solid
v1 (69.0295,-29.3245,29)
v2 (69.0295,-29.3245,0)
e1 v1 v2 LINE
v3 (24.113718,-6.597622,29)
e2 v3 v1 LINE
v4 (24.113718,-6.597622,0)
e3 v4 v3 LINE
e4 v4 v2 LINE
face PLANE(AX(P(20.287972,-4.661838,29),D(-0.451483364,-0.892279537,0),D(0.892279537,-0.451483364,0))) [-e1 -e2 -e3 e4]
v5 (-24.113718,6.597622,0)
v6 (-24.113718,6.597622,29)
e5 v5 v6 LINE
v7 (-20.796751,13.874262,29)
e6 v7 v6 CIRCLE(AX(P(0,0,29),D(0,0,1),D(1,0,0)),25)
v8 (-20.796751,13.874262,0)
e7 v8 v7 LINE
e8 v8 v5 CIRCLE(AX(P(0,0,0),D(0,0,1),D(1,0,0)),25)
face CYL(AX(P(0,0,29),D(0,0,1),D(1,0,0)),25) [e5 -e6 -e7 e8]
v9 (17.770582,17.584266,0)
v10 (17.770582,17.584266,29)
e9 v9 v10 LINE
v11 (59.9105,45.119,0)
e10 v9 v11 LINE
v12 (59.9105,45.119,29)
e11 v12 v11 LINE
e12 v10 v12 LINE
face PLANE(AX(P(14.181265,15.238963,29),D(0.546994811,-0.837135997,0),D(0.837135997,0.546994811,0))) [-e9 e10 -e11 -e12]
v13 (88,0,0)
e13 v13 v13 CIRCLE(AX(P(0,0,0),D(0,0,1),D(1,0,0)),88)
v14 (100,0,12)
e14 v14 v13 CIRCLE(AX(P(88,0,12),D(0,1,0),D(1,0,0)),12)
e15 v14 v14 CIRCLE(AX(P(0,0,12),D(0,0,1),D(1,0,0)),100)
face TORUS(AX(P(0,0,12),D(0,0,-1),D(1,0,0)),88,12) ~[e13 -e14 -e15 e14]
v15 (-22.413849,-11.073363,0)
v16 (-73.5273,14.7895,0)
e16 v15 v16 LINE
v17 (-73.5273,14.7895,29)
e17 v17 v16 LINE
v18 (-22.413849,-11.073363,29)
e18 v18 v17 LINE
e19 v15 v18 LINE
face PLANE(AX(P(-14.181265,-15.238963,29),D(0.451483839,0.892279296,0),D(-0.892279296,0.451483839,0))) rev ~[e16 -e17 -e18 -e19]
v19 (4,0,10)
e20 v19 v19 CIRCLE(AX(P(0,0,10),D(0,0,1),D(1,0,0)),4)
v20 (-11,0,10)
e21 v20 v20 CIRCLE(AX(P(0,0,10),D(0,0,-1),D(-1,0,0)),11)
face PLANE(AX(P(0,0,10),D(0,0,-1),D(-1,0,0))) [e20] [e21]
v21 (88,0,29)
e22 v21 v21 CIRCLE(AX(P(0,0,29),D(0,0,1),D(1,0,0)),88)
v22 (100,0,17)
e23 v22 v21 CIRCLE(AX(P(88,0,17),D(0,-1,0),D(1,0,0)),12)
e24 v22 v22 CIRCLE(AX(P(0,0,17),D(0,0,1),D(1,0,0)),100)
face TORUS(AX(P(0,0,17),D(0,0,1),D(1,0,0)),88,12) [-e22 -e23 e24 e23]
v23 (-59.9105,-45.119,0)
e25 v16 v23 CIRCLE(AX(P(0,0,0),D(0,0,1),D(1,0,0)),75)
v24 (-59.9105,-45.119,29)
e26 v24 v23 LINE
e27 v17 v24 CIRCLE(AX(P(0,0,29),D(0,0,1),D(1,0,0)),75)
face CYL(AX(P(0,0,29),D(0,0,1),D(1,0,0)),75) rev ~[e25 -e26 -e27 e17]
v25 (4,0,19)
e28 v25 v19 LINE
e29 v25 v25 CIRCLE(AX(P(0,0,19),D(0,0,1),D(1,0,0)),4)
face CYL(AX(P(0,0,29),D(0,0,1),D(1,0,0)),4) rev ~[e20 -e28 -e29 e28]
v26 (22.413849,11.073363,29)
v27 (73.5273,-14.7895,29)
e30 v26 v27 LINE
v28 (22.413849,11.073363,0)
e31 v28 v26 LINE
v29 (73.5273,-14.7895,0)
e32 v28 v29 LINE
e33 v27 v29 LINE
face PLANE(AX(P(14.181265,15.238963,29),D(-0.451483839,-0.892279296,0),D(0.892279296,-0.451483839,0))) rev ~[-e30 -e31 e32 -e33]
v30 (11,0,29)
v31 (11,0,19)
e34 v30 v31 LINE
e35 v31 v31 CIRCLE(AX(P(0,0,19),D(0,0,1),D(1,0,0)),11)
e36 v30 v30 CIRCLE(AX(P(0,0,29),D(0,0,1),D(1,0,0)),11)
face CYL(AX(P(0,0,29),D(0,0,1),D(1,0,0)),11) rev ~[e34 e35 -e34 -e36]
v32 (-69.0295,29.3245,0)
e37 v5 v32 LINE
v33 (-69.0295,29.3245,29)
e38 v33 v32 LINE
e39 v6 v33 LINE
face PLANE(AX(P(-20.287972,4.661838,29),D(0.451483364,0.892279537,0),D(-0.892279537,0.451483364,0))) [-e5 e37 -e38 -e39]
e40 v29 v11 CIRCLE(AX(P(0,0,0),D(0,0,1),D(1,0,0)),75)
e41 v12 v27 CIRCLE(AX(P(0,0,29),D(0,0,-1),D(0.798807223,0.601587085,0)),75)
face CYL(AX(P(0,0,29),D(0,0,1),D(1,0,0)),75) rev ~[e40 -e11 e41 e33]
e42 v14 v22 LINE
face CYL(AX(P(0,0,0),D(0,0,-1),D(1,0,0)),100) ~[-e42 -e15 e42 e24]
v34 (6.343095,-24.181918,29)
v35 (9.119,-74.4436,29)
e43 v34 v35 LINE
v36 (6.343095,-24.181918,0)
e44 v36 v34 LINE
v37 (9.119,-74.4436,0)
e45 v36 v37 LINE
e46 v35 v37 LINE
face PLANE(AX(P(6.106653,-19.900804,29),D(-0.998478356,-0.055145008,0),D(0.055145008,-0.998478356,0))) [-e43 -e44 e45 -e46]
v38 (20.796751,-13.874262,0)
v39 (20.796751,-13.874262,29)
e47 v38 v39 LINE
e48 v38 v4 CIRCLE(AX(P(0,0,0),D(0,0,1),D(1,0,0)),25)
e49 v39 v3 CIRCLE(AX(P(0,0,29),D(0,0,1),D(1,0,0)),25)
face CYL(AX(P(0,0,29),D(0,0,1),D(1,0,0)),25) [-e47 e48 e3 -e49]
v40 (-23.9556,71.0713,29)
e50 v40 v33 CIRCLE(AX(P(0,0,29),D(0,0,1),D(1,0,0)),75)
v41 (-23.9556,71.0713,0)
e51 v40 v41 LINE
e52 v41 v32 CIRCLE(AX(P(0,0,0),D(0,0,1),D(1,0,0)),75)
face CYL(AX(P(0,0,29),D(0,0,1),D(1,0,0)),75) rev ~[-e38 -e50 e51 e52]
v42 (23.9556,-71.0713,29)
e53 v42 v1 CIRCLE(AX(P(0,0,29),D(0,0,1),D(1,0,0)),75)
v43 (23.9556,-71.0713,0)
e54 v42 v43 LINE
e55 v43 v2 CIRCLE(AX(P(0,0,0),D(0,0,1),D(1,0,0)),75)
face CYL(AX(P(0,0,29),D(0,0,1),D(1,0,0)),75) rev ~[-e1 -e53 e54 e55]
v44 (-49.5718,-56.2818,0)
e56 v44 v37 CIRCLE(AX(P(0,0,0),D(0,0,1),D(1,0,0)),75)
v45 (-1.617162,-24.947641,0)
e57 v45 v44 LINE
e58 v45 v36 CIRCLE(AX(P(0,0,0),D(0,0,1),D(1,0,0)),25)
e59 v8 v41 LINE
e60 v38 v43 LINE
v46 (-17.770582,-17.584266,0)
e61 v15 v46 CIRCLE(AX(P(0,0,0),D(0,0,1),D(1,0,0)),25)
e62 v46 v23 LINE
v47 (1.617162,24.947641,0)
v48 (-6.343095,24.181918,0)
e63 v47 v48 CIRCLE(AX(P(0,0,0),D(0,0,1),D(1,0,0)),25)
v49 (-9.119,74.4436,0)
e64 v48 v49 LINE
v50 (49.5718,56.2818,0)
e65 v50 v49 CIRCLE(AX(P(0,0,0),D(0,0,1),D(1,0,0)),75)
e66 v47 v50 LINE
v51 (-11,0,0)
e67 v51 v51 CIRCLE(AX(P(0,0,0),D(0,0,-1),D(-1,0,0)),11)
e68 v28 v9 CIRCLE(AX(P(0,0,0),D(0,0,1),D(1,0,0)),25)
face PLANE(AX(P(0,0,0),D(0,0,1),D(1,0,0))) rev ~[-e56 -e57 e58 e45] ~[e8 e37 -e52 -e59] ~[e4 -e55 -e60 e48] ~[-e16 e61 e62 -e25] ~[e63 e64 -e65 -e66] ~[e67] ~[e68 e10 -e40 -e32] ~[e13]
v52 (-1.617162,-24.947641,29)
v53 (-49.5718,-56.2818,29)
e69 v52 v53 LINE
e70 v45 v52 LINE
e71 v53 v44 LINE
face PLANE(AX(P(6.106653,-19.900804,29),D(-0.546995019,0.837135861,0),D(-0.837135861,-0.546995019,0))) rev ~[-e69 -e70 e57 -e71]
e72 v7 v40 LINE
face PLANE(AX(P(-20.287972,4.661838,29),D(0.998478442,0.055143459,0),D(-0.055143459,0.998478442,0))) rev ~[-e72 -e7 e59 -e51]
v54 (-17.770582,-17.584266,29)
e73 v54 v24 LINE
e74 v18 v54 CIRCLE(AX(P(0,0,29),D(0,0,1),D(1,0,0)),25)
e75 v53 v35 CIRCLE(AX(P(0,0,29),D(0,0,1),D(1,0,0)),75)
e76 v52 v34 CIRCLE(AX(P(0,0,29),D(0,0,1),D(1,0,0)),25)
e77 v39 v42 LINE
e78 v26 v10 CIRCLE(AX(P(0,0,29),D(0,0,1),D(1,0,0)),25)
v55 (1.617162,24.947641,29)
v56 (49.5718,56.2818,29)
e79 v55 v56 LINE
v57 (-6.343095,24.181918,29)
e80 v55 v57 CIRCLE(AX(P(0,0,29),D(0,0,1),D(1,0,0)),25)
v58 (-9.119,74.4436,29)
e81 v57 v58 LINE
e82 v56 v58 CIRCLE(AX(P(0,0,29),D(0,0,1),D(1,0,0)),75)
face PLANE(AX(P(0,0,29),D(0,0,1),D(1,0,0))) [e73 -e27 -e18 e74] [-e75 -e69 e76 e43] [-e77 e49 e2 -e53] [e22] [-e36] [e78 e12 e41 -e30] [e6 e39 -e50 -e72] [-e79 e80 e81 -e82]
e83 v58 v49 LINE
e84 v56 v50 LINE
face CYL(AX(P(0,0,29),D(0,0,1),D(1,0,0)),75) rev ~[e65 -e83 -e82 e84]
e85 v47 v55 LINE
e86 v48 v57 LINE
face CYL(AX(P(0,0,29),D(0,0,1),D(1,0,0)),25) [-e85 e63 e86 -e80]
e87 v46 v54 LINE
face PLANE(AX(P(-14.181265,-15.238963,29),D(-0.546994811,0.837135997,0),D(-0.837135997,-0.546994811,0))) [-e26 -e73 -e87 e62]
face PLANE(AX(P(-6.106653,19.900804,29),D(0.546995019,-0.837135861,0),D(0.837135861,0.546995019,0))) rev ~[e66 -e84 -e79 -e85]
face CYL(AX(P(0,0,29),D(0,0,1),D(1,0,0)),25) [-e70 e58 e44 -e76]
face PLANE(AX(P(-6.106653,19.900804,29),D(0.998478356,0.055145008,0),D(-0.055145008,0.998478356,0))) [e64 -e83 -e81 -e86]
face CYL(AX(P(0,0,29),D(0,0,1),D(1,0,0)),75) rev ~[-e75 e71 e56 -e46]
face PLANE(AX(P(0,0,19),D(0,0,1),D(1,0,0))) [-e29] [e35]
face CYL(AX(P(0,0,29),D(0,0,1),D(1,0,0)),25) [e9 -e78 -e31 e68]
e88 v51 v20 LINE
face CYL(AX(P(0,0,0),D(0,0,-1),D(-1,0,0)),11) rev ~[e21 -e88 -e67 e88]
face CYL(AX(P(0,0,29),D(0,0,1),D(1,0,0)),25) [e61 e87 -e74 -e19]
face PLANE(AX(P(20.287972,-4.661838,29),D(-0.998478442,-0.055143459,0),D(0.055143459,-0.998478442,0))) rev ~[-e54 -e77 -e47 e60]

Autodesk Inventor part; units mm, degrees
ref_plane "YZ Plane" through (0, 0, 0) normal (1, 0, 0) x (0, 1, 0)
ref_plane "XZ Plane" through (0, 0, 0) normal (0, 1, 0) x (-1, 0, 0)
ref_plane "XY Plane" through (0, 0, 0) normal (0, 0, 1) x (1, 0, 0)
sketch "Sketch1" plane through (0, 0, 0) normal (0, 0, 1) x (1, 0, 0)
  circle A0 centre (0, 0) radius 4
  circle A1 centre (0, 0) radius 100
  dimension "d0" = 8
  dimension "d1" = 200
extrude "Extrusion1" add sketch "Sketch1" along normal blind 29
fillet "Fillet1" radius 12 2 edges at (-100, 0, 29) (-100, 0, 0)
sketch "Sketch2" plane through (0, 0, 29) normal (0, 0, 1) x (1, 0, 0)
  circle A0 centre (0, 0) radius 88 projected
  line L0 (9.0297, 17.8456) -> (73.5273, -14.7895)
  line L1 (19.5363, -4.2815) -> (69.0295, -29.3245)
  arc A1 (19.5363, -4.2815) -> (9.0297, 17.8456) centre (0, 0) ccw
  arc A2 (69.0295, -29.3245) -> (73.5273, -14.7895) centre (0, 0) ccw
  line L2 (13.4761, 14.7782) -> (59.9105, 45.119)
  arc A3 (13.4761, 14.7782) -> (-10.9399, 16.7427) centre (0, 0) ccw
  arc A4 (59.9105, 45.119) -> (49.5718, 56.2818) centre (0, 0) ccw
  line L3 (-10.9399, 16.7427) -> (49.5718, 56.2818)
  line L4 (-6.0602, 19.0597) -> (-9.119, 74.4436)
  arc A5 (-6.0602, 19.0597) -> (-19.9696, -1.1029) centre (0, 0) ccw
  arc A6 (-9.119, 74.4436) -> (-23.9556, 71.0713) centre (0, 0) ccw
  line L5 (-19.9696, -1.1029) -> (-23.9556, 71.0713)
  line L6 (-19.5363, 4.2815) -> (-69.0295, 29.3245)
  arc A7 (-19.5363, 4.2815) -> (-9.0297, -17.8456) centre (0, 0) ccw
  arc A8 (-69.0295, 29.3245) -> (-73.5273, 14.7895) centre (0, 0) ccw
  line L7 (-9.0297, -17.8456) -> (-73.5273, 14.7895)
  line L8 (-13.4761, -14.7782) -> (-59.9105, -45.119)
  arc A9 (-13.4761, -14.7782) -> (10.9399, -16.7427) centre (0, 0) ccw
  arc A10 (-59.9105, -45.119) -> (-49.5718, -56.2818) centre (0, 0) ccw
  line L9 (10.9399, -16.7427) -> (-49.5718, -56.2818)
  line L10 (6.0602, -19.0597) -> (9.119, -74.4436)
  arc A11 (6.0602, -19.0597) -> (19.9696, 1.1029) centre (0, 0) ccw
  arc A12 (9.119, -74.4436) -> (23.9556, -71.0713) centre (0, 0) ccw
  line L11 (19.9696, 1.1029) -> (23.9556, -71.0713)
  circle A13 centre (0, 0) radius 4 projected
  circle A14 centre (0, 0) radius 75
  dimension "d7" = 15
  dimension "d8" = 75
  dimension "d9" = 20
  dimension "d12" = 360
extrude "Extrusion2" cut sketch "Sketch2" against normal through all contours A1 A11 A9 A7 A5 A3 | L2 A14 L0 | L4 A14 L3 | A14 L11 L1 | L6 A14 L5 | A14 L9 L10 | L8 A14 L7
sketch "Sketch3" plane through (0, 0, 29) normal (0, 0, 1) x (1, 0, 0)
  circle A0 centre (0, 0) radius 25
  circle A1 centre (0, 0) radius 20 projected
  dimension "d16" = 50
extrude "Extrusion3" add sketch "Sketch3" against normal blind 29
sketch "Sketch4" plane through (0, 0, 29) normal (0, 0, 1) x (1, 0, 0)
  circle A0 centre (0, 0) radius 20 projected
  circle A1 centre (0, 0) radius 4
  dimension "d19" = 8
extrude "Extrusion4" add sketch "Sketch4" against normal blind 29
sketch "Sketch5" plane through (0, 0, 29) normal (0, 0, 1) x (1, 0, 0)
  circle A0 centre (0, 0) radius 4 projected
  circle A1 centre (0, 0) radius 11
  dimension "d22" = 22
extrude "Extrusion5" cut sketch "Sketch5" against normal blind 10
sketch "Sketch7" plane through (0, 0, 0) normal (0, 0, -1) x (-1, 0, 0)
  circle A0 centre (0, 0) radius 4 projected
  circle A1 centre (0, 0) radius 11
  dimension "d25" = 22
extrude "Extrusion6" cut sketch "Sketch7" against normal blind 10
properties part number "Scooter Wheel" material "Rubber"
